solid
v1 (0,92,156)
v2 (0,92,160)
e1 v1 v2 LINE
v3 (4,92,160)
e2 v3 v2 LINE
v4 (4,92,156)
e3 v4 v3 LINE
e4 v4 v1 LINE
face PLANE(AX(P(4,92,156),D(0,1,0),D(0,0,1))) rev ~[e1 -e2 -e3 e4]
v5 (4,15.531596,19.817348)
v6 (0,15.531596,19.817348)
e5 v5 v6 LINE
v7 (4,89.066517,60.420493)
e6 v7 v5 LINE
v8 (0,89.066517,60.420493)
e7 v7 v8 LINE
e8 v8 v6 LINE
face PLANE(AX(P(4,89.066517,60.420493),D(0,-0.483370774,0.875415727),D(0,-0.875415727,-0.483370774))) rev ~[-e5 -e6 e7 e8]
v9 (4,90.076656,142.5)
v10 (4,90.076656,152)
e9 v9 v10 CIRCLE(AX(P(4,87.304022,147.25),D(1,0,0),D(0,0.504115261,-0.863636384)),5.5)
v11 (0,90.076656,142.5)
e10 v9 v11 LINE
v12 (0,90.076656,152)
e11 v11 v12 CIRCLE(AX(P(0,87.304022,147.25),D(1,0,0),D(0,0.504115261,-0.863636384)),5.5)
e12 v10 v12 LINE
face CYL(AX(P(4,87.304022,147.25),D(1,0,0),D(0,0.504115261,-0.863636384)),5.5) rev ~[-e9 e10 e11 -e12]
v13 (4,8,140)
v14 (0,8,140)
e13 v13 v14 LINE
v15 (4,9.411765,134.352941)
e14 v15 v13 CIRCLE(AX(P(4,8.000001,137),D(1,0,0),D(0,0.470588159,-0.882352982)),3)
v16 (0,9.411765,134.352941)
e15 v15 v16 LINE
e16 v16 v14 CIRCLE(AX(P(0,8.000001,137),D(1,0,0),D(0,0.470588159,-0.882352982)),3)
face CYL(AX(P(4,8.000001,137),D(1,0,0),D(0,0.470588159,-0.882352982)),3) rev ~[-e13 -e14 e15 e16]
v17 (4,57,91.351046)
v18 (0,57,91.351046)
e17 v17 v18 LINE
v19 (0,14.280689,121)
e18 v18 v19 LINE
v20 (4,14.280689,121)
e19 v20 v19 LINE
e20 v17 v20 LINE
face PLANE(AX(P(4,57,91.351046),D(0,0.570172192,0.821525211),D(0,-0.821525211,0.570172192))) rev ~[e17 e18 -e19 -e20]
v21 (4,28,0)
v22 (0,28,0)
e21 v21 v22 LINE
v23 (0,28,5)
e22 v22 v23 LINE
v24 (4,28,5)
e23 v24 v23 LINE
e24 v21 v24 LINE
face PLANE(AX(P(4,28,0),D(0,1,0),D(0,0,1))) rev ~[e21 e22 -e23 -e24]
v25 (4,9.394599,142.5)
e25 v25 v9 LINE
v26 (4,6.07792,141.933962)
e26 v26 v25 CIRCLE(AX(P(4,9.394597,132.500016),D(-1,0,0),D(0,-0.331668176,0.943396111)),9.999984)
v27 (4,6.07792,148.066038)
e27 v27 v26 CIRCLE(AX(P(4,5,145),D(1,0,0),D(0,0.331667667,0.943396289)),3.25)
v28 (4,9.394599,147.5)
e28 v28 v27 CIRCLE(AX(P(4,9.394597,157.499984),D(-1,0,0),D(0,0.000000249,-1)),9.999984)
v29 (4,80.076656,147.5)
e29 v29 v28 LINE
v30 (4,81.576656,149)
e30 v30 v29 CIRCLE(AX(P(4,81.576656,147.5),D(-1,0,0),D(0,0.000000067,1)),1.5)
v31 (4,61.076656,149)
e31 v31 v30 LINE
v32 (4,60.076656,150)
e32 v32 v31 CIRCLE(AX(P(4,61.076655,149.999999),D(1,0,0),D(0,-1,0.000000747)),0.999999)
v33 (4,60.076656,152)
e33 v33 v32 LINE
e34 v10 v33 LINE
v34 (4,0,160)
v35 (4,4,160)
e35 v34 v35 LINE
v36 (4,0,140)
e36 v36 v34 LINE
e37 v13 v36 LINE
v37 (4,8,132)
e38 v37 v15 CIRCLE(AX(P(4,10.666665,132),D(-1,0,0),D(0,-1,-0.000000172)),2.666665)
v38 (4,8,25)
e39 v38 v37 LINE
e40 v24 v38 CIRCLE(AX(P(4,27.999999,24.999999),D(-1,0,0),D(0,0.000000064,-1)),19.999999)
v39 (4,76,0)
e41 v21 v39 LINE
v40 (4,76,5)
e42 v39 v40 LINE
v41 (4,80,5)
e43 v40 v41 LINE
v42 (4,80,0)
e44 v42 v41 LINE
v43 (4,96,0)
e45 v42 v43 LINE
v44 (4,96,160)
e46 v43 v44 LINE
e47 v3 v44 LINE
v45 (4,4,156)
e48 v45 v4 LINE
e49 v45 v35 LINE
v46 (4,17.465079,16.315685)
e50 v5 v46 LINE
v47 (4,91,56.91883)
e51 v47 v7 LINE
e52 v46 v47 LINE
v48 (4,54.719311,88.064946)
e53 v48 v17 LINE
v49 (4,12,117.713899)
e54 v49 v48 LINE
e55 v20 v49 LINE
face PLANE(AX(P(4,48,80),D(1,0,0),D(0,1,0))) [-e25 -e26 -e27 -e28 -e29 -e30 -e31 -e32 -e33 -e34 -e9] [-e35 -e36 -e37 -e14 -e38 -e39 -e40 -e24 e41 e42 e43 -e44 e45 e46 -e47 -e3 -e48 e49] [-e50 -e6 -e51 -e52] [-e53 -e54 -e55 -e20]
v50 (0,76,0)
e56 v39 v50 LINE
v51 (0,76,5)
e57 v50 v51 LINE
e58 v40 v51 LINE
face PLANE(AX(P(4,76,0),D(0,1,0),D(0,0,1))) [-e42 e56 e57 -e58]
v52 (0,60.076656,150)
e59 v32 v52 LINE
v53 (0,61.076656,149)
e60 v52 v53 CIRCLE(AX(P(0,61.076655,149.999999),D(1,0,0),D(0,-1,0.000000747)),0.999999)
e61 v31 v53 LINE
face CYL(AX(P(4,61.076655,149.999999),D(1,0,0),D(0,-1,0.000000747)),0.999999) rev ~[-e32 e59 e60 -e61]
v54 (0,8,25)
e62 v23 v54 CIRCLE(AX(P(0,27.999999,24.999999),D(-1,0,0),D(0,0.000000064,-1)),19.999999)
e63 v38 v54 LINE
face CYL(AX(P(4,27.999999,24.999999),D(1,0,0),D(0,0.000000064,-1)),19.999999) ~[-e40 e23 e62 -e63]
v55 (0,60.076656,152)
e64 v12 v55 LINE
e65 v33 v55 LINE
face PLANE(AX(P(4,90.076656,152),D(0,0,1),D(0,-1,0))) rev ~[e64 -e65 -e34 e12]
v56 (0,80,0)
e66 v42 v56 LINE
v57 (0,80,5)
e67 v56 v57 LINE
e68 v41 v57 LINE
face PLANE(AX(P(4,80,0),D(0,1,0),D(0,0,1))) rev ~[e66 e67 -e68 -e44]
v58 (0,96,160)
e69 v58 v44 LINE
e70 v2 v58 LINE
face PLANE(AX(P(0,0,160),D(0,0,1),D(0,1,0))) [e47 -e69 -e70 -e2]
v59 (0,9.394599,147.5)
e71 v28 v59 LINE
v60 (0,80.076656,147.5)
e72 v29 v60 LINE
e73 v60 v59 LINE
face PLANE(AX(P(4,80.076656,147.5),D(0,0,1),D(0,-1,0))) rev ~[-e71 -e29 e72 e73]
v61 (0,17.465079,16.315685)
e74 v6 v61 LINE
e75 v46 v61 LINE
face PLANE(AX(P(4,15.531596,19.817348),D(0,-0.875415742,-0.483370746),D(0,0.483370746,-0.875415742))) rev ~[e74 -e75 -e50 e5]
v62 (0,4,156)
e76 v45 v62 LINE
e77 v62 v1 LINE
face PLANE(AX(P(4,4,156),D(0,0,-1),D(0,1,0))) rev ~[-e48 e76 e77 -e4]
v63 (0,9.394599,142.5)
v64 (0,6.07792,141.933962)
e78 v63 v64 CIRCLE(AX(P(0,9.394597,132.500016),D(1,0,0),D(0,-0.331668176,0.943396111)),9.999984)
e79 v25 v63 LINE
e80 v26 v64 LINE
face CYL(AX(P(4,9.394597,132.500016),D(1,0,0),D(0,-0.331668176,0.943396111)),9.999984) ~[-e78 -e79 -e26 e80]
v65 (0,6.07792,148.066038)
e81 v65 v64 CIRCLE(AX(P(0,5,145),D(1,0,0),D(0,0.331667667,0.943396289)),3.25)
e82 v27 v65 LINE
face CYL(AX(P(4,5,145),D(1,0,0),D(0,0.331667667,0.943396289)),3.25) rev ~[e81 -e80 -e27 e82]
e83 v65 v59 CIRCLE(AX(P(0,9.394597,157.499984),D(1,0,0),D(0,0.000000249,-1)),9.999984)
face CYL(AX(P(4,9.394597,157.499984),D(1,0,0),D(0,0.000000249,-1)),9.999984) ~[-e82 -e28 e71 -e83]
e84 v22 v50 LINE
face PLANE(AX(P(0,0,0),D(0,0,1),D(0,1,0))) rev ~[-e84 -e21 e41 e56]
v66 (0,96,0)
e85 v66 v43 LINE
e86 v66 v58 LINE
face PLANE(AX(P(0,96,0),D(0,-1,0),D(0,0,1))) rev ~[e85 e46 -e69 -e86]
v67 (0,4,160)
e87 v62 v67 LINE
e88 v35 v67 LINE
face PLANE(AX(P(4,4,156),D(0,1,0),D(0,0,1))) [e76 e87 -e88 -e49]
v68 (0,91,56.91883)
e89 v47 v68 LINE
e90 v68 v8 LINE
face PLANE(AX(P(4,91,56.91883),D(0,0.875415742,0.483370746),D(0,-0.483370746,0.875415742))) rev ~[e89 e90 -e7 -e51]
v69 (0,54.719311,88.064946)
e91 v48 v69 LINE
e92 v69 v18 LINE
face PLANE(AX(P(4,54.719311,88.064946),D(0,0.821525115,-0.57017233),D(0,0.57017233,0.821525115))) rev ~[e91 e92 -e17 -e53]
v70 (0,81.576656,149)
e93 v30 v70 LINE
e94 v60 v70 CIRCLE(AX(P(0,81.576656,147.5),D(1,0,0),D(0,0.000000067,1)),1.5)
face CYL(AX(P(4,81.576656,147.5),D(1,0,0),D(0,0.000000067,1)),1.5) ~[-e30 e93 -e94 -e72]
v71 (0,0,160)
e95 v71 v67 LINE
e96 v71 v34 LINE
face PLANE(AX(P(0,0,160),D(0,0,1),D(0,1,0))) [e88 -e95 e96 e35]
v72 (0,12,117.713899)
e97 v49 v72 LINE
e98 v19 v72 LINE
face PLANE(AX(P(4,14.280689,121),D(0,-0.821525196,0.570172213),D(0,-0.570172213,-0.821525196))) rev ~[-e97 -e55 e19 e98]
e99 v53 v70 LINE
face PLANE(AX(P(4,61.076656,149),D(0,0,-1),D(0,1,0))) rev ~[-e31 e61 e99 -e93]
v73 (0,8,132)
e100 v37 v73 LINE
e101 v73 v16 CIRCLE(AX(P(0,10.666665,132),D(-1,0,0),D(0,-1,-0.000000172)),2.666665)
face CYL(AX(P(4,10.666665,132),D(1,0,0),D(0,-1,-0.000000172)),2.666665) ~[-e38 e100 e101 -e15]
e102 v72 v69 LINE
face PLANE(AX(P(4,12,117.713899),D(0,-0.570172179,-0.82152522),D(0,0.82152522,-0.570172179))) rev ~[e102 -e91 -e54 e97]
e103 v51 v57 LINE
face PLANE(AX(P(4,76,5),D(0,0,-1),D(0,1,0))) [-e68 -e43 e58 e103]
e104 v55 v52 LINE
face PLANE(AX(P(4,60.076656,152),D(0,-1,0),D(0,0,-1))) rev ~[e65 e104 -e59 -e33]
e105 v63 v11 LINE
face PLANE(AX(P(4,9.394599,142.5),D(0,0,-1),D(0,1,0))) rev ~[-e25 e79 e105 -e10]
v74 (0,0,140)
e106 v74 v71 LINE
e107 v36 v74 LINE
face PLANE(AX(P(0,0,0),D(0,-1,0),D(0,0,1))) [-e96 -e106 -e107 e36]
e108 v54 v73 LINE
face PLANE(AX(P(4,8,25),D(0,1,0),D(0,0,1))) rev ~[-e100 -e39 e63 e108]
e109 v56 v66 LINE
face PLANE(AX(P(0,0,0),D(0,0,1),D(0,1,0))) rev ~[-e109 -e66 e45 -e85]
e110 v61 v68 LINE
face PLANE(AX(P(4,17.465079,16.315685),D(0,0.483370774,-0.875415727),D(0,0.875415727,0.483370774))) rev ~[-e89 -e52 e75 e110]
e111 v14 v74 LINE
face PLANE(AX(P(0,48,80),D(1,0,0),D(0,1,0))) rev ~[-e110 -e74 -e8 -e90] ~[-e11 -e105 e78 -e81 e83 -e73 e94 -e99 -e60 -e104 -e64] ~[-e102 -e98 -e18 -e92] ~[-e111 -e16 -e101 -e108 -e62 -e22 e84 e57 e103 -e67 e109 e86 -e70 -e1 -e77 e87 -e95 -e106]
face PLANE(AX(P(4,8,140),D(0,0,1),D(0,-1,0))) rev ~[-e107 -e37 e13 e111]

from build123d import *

# Parameters (mm, degrees)
F0_W      = 96
F0_H      = 160
F1_DEPTH  = 4
F2_W      = 4
F2_H      = 5
F2_W_2    = 88
F2_H_2    = 4
F3_DEPTH  = 4
F5_DEPTH  = 4
F7_DEPTH  = 4
F9_DEPTH  = 4.001
F11_DEPTH = 4


with BuildPart() as f1:
    # F0 (on Right) → F1 (new body)
    with BuildSketch(Plane.YZ):
        with Locations((48, 80)):
            Rectangle(F0_W, F0_H)
    extrude(amount=F1_DEPTH)

    # F2 (on face) → F3 (cut, through all)
    with BuildSketch(Plane.YZ.offset(4)):
        with Locations((78, 2.5)):
            Rectangle(F2_W, F2_H)
        with Locations((48, 158)):
            Rectangle(F2_W_2, F2_H_2)
    extrude(amount=-F3_DEPTH, mode=Mode.SUBTRACT)

    # F4 (on face) → F5 (cut, through all)
    with BuildSketch(Plane.YZ.offset(4)):
        Polygon((54.719311, 88.064946), (57, 91.351046), (14.280689, 121), (12, 117.713899), align=None)
        Polygon((89.066517, 60.420493), (15.531596, 19.817348), (17.465079, 16.315685), (91, 56.91883), align=None)
    extrude(amount=-F5_DEPTH, mode=Mode.SUBTRACT)

    # F6 (on face) → F7 (cut, through all)
    with BuildSketch(Plane.YZ.offset(4)):
        with BuildLine():
            Line((0, 140), (0, 0))
            Line((0, 0), (28, 0))
            Line((28, 0), (28, 5))
            ThreePointArc((28, 5), (13.857864, 10.857864), (8, 25))
            Line((8, 25), (8, 140))
            Line((8, 140), (0, 140))
        make_face()
    extrude(amount=-F7_DEPTH, mode=Mode.SUBTRACT)

    # F8 (on face) → F9 (cut, through all)
    with BuildSketch(Plane.YZ.offset(4)):
        with BuildLine():
            ThreePointArc((6.07792, 141.933962), (7.712282, 142.357475), (9.394599, 142.5))
            Line((9.394599, 142.5), (90.076656, 142.5))
            ThreePointArc((90.076656, 142.5), (92.804022, 147.25), (90.076656, 152))
            Line((90.076656, 152), (60.076656, 152))
            Line((60.076656, 152), (60.076656, 150))
            ThreePointArc((60.076656, 150), (60.369549, 149.292893), (61.076656, 149))
            Line((61.076656, 149), (81.576656, 149))
            ThreePointArc((81.576656, 149), (82.637316, 146.43934), (80.076656, 147.5))
            Line((80.076656, 147.5), (9.394599, 147.5))
            ThreePointArc((9.394599, 147.5), (7.712282, 147.642525), (6.07792, 148.066038))
            ThreePointArc((6.07792, 148.066038), (1.75, 145), (6.07792, 141.933962))
        make_face()
    extrude(amount=-F9_DEPTH, mode=Mode.SUBTRACT)

    # F10 (on face) → F11 (cut, through all)
    with BuildSketch(Plane.YZ.offset(4)):
        with BuildLine():
            ThreePointArc((9.411765, 134.352941), (10.910428, 137.727607), (8, 140))
            Line((8, 140), (8, 132))
            ThreePointArc((8, 132), (8.380019, 133.371989), (9.411765, 134.352941))
        make_face()
    extrude(amount=-F11_DEPTH, mode=Mode.SUBTRACT)


solid = f1.part
